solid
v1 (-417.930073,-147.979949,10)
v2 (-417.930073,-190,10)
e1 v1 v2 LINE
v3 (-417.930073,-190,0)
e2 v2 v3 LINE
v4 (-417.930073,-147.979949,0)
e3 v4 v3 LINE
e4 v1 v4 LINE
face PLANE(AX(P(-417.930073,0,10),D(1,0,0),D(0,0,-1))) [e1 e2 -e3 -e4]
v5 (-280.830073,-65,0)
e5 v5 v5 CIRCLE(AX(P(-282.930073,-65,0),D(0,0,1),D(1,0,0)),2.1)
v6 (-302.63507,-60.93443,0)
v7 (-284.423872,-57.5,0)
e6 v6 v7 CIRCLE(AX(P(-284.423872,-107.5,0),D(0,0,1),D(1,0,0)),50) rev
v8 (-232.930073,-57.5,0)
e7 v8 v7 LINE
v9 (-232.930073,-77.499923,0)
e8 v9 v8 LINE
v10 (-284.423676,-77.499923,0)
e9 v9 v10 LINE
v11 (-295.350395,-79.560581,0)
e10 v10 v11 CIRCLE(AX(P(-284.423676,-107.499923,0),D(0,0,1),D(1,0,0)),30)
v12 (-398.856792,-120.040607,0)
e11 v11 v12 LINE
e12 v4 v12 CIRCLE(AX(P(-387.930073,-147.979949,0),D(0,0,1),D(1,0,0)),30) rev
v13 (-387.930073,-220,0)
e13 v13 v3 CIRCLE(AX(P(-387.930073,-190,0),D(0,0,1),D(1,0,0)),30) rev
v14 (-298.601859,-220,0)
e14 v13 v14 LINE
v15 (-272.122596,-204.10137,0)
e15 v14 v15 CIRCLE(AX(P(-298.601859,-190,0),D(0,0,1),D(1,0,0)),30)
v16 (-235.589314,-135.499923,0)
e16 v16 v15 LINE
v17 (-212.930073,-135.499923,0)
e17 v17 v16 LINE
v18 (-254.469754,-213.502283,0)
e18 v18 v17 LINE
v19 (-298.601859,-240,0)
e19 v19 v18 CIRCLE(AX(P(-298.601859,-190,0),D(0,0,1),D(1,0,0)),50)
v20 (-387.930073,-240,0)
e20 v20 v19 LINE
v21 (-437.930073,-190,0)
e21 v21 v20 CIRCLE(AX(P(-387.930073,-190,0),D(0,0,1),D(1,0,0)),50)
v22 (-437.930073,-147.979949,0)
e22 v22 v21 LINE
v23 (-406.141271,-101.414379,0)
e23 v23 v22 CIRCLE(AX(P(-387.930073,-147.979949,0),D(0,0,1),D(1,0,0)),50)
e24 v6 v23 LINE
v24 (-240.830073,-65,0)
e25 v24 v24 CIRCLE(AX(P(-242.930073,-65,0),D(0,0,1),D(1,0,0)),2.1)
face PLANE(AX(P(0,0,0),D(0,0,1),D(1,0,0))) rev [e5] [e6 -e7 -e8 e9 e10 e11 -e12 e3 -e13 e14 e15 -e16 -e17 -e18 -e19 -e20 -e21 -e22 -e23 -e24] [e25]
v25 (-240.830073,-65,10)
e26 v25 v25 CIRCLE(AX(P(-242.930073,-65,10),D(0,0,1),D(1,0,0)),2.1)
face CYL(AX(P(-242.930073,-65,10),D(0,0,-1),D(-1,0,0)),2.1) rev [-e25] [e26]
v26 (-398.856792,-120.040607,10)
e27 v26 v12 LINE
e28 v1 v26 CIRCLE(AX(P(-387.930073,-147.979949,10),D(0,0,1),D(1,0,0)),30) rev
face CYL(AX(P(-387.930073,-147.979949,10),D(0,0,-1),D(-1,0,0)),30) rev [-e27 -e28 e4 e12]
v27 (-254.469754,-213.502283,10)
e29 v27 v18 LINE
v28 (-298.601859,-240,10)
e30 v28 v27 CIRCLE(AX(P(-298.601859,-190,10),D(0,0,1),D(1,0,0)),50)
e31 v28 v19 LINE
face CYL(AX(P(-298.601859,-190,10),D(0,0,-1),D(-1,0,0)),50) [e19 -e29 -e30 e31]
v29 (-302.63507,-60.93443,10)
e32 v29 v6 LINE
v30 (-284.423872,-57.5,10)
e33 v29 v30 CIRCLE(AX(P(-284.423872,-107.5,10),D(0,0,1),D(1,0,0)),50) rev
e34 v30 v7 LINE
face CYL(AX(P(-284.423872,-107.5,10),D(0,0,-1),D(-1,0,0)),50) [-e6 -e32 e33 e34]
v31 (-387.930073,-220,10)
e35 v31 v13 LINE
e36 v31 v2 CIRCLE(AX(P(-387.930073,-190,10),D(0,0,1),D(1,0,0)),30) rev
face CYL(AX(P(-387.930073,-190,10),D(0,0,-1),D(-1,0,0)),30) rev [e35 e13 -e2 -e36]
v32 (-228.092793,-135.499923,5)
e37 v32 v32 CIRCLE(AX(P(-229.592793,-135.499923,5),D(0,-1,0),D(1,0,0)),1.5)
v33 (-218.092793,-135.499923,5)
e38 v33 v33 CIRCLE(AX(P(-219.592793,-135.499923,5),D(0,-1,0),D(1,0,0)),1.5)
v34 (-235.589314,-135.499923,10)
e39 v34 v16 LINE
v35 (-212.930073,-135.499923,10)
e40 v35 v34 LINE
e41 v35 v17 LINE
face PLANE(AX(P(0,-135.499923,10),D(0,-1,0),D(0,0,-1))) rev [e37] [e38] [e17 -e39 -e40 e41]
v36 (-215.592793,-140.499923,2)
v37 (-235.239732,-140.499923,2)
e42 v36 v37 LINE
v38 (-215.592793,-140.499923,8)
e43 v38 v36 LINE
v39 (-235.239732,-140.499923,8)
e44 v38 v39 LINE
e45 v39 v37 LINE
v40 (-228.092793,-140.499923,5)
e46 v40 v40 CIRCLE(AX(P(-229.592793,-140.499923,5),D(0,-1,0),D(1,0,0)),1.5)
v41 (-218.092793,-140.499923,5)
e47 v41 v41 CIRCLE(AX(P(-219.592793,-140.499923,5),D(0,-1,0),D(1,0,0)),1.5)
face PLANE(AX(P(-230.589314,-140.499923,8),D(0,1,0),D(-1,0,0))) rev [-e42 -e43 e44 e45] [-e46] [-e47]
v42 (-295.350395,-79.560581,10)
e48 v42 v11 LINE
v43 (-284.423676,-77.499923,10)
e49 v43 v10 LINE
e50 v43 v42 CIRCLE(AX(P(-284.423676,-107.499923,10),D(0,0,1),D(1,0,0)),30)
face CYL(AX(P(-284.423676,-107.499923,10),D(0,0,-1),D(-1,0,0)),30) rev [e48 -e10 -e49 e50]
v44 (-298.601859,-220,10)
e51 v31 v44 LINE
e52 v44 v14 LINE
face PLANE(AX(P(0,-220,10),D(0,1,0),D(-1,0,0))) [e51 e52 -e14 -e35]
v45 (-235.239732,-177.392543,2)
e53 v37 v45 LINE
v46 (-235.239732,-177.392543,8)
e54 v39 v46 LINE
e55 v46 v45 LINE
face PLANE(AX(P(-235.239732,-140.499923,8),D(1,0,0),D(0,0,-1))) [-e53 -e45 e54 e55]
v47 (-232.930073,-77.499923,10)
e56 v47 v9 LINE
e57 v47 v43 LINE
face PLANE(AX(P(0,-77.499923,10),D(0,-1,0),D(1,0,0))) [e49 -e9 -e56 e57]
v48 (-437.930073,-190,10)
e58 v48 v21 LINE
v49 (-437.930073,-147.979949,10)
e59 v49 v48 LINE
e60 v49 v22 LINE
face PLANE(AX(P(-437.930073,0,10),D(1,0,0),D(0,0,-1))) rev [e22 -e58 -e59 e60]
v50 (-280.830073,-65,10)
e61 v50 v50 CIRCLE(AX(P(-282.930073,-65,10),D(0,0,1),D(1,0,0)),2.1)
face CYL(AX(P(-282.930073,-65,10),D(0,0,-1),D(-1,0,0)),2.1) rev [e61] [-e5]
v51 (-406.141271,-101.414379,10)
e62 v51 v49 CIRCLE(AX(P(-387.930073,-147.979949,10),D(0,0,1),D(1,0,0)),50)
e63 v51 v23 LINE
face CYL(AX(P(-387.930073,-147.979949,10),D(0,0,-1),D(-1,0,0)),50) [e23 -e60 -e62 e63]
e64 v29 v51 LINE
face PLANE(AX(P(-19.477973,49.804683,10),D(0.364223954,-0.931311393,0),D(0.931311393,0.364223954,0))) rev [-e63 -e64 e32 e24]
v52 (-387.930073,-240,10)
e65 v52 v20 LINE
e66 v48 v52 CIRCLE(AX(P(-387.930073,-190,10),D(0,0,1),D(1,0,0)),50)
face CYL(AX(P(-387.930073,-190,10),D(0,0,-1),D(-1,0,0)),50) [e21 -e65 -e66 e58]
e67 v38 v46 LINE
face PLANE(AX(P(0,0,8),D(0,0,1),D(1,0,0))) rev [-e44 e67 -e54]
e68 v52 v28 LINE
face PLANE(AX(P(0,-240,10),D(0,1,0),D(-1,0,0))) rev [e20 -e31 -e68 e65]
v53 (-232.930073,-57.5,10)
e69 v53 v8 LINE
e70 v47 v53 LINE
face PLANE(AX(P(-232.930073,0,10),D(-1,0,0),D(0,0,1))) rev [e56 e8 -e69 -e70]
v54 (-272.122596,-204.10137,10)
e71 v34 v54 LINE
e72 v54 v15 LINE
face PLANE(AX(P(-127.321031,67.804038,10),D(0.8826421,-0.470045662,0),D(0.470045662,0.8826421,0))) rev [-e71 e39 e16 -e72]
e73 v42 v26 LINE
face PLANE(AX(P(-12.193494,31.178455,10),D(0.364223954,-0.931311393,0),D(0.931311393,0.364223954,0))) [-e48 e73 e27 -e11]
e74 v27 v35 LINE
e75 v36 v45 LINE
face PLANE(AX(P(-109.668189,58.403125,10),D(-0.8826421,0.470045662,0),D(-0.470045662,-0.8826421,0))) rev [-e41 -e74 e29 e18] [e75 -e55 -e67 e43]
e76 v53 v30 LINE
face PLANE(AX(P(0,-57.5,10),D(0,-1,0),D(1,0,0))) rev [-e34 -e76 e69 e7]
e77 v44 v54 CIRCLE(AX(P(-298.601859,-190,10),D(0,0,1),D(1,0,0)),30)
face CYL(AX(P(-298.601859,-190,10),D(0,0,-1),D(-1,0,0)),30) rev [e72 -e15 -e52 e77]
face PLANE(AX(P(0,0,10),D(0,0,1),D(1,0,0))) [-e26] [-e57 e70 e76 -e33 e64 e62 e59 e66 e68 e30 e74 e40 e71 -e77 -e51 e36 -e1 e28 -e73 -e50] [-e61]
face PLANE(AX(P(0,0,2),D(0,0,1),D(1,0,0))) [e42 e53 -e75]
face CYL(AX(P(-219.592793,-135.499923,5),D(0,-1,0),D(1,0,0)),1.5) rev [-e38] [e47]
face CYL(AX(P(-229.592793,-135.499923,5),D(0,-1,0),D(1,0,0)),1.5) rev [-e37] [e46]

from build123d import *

# Parameters (mm, degrees)
SKETCH_1_R               = 2.1
EXTRUDE_1_DEPTH          = 10
CUT_EXTRUDE_1_DEPTH      = 3
CUT_EXTRUDE_1_DEPTH_BACK = 3
SKETCH_5_R               = 1.5
CUT_EXTRUDE_2_DEPTH      = 5


with BuildPart() as part:
    # 草图1 → 凸台-拉伸1 (new body)
    with BuildSketch(Plane.XY):
        with BuildLine():
            Line((-387.930073268, -240), (-298.601858772, -240))
            ThreePointArc((-298.601858772, -240), (-272.863892205, -232.866736253), (-254.469753791, -213.50228308))
            Line((-254.469753791, -213.50228308), (-212.930073268, -135.499923245))
            Line((-212.930073268, -135.499923245), (-235.589314209, -135.499923245))
            Line((-235.589314209, -135.499923245), (-272.122595783, -204.101369848))
            ThreePointArc((-272.122595783, -204.101369848), (-283.159078832, -215.720041752), (-298.601858772, -220))
            Line((-298.601858772, -220), (-387.930073268, -220))
            ThreePointArc((-387.930073268, -220), (-409.143276704, -211.213203436), (-417.930073268, -190))
            Line((-417.930073268, -190), (-417.930073268, -147.979949055))
            ThreePointArc((-417.930073268, -147.979949055), (-412.707094466, -131.065481267), (-398.856791899, -120.040607259))
            Line((-398.856791899, -120.040607259), (-295.350394851, -79.56058145))
            ThreePointArc((-295.350394851, -79.56058145), (-289.983341054, -78.019588665), (-284.42367622, -77.499923245))
            Line((-284.42367622, -77.499923245), (-232.930073268, -77.499923245))
            Line((-232.930073268, -77.499923245), (-232.930073268, -57.5))
            Line((-232.930073268, -57.5), (-284.423872481, -57.5))
            ThreePointArc((-284.423872481, -57.5), (-293.689980537, -58.366109034), (-302.635070198, -60.934430341))
            Line((-302.635070198, -60.934430341), (-406.141270986, -101.414379396))
            ThreePointArc((-406.141270986, -101.414379396), (-429.225108599, -119.789169409), (-437.930073268, -147.979949055))
            Line((-437.930073268, -147.979949055), (-437.930073268, -190))
            ThreePointArc((-437.930073268, -190), (-423.285412328, -225.355339059), (-387.930073268, -240))
        make_face()
        with Locations((-242.930073268, -65)):
            Circle(SKETCH_1_R, mode=Mode.SUBTRACT)
        with Locations((-282.930073268, -65)):
            Circle(SKETCH_1_R, mode=Mode.SUBTRACT)
    extrude(amount=EXTRUDE_1_DEPTH)

    # 草图4 → 切除-拉伸1 (cut, two sides: drawn at the far end of the back side and taken through both)
    with BuildSketch(Plane.XY.offset(5).offset(-CUT_EXTRUDE_1_DEPTH_BACK)):
        Polygon((-235.239731933, -167.152806322), (-235.239731933, -177.392542568), (-215.592792743, -140.499923245), (-230.589314209, -140.499923245), (-235.239731933, -140.499923245), align=None)
    extrude(amount=CUT_EXTRUDE_1_DEPTH + CUT_EXTRUDE_1_DEPTH_BACK, mode=Mode.SUBTRACT)

    # 草图5 → 切除-拉伸2 (cut)
    with BuildSketch(Plane.XZ.offset(140.499923245)):
        with Locations((-229.592792743, 5)):
            Circle(SKETCH_5_R)
        with Locations((-219.592792743, 5)):
            Circle(SKETCH_5_R)
    extrude(amount=-CUT_EXTRUDE_2_DEPTH, mode=Mode.SUBTRACT)


solid = part.part
